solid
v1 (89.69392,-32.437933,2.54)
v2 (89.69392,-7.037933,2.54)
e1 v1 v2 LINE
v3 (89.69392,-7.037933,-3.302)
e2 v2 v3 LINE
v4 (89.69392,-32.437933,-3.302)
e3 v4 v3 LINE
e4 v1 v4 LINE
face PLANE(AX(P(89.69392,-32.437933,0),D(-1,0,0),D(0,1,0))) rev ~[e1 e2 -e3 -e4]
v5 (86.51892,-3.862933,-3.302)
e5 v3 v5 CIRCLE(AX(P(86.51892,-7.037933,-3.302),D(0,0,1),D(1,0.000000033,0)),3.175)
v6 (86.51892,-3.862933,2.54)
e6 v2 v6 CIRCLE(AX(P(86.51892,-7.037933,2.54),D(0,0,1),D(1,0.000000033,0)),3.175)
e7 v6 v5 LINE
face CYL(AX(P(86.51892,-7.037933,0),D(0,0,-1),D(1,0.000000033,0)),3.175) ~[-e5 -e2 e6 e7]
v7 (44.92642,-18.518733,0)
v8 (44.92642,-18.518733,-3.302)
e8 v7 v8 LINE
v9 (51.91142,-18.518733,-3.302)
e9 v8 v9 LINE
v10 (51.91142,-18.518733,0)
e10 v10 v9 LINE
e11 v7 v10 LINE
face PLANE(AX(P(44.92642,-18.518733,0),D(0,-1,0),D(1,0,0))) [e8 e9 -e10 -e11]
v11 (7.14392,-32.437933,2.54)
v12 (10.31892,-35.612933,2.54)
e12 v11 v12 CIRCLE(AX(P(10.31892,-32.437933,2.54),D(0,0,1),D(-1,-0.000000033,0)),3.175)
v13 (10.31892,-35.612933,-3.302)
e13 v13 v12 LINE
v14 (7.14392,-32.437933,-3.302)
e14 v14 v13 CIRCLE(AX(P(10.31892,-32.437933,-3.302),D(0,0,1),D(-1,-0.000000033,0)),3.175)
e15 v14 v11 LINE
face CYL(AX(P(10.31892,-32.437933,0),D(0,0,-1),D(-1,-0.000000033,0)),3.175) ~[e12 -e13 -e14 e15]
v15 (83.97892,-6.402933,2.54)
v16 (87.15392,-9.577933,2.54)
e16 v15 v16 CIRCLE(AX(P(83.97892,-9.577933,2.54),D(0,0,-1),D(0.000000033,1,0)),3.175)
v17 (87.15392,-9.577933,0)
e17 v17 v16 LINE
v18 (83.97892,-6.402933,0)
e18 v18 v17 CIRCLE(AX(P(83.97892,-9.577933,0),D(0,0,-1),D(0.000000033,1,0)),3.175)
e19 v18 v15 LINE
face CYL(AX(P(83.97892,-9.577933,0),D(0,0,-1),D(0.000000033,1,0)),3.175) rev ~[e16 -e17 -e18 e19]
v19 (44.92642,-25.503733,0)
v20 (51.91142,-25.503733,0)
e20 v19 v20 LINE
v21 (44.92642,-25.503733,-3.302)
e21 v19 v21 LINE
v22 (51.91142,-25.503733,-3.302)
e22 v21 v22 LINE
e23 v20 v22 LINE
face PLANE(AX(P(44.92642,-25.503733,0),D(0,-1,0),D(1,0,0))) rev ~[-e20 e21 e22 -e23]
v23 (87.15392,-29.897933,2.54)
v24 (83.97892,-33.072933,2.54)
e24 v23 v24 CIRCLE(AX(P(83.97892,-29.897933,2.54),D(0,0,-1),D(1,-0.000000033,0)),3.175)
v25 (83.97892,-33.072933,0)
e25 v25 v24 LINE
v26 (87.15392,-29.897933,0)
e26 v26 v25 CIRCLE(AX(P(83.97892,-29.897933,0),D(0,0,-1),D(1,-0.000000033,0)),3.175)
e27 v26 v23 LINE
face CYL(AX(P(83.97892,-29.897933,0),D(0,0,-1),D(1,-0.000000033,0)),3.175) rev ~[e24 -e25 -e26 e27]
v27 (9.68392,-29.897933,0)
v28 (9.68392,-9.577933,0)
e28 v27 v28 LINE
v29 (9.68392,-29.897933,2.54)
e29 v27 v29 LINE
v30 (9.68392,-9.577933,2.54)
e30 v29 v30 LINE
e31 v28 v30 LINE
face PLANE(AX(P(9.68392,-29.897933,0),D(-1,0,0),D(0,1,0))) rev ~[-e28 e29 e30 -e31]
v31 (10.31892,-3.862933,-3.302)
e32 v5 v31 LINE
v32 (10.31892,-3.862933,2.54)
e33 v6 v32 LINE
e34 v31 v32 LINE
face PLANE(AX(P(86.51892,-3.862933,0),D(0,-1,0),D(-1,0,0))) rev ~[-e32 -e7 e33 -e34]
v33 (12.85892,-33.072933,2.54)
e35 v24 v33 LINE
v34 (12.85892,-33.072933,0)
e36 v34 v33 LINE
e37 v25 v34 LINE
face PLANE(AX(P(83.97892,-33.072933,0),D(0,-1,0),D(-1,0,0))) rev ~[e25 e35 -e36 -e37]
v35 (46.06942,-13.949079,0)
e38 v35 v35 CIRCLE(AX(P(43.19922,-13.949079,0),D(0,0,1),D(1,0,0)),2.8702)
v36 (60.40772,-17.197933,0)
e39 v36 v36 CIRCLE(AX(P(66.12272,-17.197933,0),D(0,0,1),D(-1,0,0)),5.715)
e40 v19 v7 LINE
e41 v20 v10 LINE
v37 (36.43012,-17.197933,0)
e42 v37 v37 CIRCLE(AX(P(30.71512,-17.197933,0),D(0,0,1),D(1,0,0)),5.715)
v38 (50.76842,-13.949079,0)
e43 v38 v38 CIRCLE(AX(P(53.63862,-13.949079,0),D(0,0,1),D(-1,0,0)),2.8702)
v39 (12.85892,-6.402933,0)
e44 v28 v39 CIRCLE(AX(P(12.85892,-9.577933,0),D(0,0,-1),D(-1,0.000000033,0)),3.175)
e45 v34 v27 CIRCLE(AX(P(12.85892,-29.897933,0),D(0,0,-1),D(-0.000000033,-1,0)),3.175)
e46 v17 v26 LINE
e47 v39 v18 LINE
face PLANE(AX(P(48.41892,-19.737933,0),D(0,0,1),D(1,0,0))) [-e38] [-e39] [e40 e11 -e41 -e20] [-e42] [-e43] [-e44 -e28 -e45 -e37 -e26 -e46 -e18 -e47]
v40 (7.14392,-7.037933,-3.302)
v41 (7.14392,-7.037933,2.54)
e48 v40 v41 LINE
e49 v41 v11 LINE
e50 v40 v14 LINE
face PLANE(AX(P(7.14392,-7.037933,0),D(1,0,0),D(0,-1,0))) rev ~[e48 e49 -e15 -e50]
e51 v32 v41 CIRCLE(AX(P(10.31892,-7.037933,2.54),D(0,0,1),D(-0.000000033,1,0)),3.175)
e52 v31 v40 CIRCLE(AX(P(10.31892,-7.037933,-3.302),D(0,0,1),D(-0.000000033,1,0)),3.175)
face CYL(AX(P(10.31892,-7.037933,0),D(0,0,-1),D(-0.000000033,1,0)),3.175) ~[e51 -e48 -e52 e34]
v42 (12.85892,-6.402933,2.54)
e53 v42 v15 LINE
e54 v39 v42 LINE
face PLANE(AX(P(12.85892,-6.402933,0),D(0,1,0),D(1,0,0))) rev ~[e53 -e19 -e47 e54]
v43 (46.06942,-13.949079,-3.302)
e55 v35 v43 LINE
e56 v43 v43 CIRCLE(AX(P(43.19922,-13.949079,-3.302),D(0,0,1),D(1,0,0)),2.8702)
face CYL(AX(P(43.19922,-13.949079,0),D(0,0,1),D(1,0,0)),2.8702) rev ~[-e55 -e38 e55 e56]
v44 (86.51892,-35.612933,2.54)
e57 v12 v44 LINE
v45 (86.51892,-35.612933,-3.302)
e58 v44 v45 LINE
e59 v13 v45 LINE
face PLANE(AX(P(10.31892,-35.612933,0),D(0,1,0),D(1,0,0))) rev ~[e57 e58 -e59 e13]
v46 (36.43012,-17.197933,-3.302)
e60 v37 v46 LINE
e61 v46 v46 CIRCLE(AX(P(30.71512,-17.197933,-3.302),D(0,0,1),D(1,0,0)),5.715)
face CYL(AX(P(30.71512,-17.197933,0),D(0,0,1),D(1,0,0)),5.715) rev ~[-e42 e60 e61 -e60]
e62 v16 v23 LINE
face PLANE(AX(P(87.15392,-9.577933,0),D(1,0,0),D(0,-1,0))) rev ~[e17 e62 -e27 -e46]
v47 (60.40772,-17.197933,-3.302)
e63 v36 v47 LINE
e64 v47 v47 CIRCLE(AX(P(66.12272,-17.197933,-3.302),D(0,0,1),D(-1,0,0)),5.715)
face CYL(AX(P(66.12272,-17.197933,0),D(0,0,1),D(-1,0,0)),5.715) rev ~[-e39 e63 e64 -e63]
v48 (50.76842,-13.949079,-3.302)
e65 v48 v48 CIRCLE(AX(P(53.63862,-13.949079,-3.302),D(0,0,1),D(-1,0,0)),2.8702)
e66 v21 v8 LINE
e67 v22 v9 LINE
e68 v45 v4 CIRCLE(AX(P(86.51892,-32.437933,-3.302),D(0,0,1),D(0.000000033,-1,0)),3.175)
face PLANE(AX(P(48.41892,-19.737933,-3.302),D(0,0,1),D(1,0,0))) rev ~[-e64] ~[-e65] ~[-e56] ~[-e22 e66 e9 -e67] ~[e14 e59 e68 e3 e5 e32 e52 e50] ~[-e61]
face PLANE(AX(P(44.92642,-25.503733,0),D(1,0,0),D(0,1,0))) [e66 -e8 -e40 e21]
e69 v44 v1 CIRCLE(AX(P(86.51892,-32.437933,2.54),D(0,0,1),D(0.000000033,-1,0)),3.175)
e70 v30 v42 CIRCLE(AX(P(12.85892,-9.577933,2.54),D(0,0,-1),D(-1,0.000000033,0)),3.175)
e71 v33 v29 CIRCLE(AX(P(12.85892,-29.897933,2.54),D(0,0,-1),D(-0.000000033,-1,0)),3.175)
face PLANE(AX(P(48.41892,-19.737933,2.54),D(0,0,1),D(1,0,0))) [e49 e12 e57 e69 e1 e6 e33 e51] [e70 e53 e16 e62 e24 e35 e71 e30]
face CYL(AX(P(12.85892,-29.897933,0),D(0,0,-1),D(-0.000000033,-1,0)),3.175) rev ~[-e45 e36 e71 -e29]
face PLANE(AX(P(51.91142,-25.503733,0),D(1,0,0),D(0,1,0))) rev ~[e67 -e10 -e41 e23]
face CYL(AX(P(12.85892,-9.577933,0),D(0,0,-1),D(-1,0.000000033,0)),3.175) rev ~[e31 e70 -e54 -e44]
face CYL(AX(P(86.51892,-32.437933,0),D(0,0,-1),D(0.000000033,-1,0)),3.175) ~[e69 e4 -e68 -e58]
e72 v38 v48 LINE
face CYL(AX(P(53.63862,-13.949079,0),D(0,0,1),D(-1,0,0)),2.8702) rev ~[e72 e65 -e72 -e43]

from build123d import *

# Parameters (mm, degrees)
F1_DEPTH = 3.302
F2_DEPTH = 2.54
F3_R     = 5.715
F3_W     = 6.985
F3_H     = 6.985
F3_R_2   = 2.8702
F4_DEPTH = 3.303


with BuildPart() as f1:
    # F0 (on Top) → F1 (new body)
    with BuildSketch(Plane.XY):
        with BuildLine():
            Line((86.51892, -3.862933), (10.31892, -3.862933))
            ThreePointArc((10.31892, -3.862933), (8.073856, -4.792869), (7.14392, -7.037933))
            Line((7.14392, -7.037933), (7.14392, -32.437933))
            ThreePointArc((7.14392, -32.437933), (8.073856, -34.682997), (10.31892, -35.612933))
            Line((10.31892, -35.612933), (86.51892, -35.612933))
            ThreePointArc((86.51892, -35.612933), (88.763984, -34.682997), (89.69392, -32.437933))
            Line((89.69392, -32.437933), (89.69392, -7.037933))
            ThreePointArc((89.69392, -7.037933), (88.763984, -4.792869), (86.51892, -3.862933))
        make_face()
        with BuildLine():
            Line((83.97892, -33.072933), (12.85892, -33.072933))
            ThreePointArc((12.85892, -33.072933), (10.613856, -32.142997), (9.68392, -29.897933))
            Line((9.68392, -29.897933), (9.68392, -9.577933))
            ThreePointArc((9.68392, -9.577933), (10.613856, -7.332869), (12.85892, -6.402933))
            Line((12.85892, -6.402933), (83.97892, -6.402933))
            ThreePointArc((83.97892, -6.402933), (86.223984, -7.332869), (87.15392, -9.577933))
            Line((87.15392, -9.577933), (87.15392, -29.897933))
            ThreePointArc((87.15392, -29.897933), (86.223984, -32.142997), (83.97892, -33.072933))
        make_face(mode=Mode.SUBTRACT)
        with BuildLine():
            ThreePointArc((9.68392, -29.897933), (10.613856, -32.142997), (12.85892, -33.072933))
            Line((12.85892, -33.072933), (83.97892, -33.072933))
            ThreePointArc((83.97892, -33.072933), (86.223984, -32.142997), (87.15392, -29.897933))
            Line((87.15392, -29.897933), (87.15392, -9.577933))
            ThreePointArc((87.15392, -9.577933), (86.223984, -7.332869), (83.97892, -6.402933))
            Line((83.97892, -6.402933), (12.85892, -6.402933))
            ThreePointArc((12.85892, -6.402933), (10.613856, -7.332869), (9.68392, -9.577933))
            Line((9.68392, -9.577933), (9.68392, -29.897933))
        make_face()
    extrude(amount=-F1_DEPTH)

    # F0 (on Top) → F2 (join)
    with BuildSketch(Plane.XY):
        with BuildLine():
            Line((86.51892, -3.862933), (10.31892, -3.862933))
            ThreePointArc((10.31892, -3.862933), (8.073856, -4.792869), (7.14392, -7.037933))
            Line((7.14392, -7.037933), (7.14392, -32.437933))
            ThreePointArc((7.14392, -32.437933), (8.073856, -34.682997), (10.31892, -35.612933))
            Line((10.31892, -35.612933), (86.51892, -35.612933))
            ThreePointArc((86.51892, -35.612933), (88.763984, -34.682997), (89.69392, -32.437933))
            Line((89.69392, -32.437933), (89.69392, -7.037933))
            ThreePointArc((89.69392, -7.037933), (88.763984, -4.792869), (86.51892, -3.862933))
        make_face()
        with BuildLine():
            Line((83.97892, -33.072933), (12.85892, -33.072933))
            ThreePointArc((12.85892, -33.072933), (10.613856, -32.142997), (9.68392, -29.897933))
            Line((9.68392, -29.897933), (9.68392, -9.577933))
            ThreePointArc((9.68392, -9.577933), (10.613856, -7.332869), (12.85892, -6.402933))
            Line((12.85892, -6.402933), (83.97892, -6.402933))
            ThreePointArc((83.97892, -6.402933), (86.223984, -7.332869), (87.15392, -9.577933))
            Line((87.15392, -9.577933), (87.15392, -29.897933))
            ThreePointArc((87.15392, -29.897933), (86.223984, -32.142997), (83.97892, -33.072933))
        make_face(mode=Mode.SUBTRACT)
    extrude(amount=F2_DEPTH)

    # F3 (on Top) → F4 (cut, through all)
    with BuildSketch(Plane.XY):
        with Locations((30.71512, -17.197933)):
            Circle(F3_R)
        with BuildLine():
            ThreePointArc((71.83772, -17.197933), (66.12272, -11.482933), (60.40772, -17.197933))
            ThreePointArc((60.40772, -17.197933), (66.12272, -22.912933), (71.83772, -17.197933))
        make_face()
        with Locations((48.41892, -22.011233)):
            Rectangle(F3_W, F3_H)
        with Locations((43.19922, -13.949079)):
            Circle(F3_R_2)
        with BuildLine():
            ThreePointArc((56.50882, -13.949079), (53.63862, -11.078879), (50.76842, -13.949079))
            ThreePointArc((50.76842, -13.949079), (53.63862, -16.819279), (56.50882, -13.949079))
        make_face()
    extrude(amount=-F4_DEPTH, mode=Mode.SUBTRACT)


solid = f1.part
